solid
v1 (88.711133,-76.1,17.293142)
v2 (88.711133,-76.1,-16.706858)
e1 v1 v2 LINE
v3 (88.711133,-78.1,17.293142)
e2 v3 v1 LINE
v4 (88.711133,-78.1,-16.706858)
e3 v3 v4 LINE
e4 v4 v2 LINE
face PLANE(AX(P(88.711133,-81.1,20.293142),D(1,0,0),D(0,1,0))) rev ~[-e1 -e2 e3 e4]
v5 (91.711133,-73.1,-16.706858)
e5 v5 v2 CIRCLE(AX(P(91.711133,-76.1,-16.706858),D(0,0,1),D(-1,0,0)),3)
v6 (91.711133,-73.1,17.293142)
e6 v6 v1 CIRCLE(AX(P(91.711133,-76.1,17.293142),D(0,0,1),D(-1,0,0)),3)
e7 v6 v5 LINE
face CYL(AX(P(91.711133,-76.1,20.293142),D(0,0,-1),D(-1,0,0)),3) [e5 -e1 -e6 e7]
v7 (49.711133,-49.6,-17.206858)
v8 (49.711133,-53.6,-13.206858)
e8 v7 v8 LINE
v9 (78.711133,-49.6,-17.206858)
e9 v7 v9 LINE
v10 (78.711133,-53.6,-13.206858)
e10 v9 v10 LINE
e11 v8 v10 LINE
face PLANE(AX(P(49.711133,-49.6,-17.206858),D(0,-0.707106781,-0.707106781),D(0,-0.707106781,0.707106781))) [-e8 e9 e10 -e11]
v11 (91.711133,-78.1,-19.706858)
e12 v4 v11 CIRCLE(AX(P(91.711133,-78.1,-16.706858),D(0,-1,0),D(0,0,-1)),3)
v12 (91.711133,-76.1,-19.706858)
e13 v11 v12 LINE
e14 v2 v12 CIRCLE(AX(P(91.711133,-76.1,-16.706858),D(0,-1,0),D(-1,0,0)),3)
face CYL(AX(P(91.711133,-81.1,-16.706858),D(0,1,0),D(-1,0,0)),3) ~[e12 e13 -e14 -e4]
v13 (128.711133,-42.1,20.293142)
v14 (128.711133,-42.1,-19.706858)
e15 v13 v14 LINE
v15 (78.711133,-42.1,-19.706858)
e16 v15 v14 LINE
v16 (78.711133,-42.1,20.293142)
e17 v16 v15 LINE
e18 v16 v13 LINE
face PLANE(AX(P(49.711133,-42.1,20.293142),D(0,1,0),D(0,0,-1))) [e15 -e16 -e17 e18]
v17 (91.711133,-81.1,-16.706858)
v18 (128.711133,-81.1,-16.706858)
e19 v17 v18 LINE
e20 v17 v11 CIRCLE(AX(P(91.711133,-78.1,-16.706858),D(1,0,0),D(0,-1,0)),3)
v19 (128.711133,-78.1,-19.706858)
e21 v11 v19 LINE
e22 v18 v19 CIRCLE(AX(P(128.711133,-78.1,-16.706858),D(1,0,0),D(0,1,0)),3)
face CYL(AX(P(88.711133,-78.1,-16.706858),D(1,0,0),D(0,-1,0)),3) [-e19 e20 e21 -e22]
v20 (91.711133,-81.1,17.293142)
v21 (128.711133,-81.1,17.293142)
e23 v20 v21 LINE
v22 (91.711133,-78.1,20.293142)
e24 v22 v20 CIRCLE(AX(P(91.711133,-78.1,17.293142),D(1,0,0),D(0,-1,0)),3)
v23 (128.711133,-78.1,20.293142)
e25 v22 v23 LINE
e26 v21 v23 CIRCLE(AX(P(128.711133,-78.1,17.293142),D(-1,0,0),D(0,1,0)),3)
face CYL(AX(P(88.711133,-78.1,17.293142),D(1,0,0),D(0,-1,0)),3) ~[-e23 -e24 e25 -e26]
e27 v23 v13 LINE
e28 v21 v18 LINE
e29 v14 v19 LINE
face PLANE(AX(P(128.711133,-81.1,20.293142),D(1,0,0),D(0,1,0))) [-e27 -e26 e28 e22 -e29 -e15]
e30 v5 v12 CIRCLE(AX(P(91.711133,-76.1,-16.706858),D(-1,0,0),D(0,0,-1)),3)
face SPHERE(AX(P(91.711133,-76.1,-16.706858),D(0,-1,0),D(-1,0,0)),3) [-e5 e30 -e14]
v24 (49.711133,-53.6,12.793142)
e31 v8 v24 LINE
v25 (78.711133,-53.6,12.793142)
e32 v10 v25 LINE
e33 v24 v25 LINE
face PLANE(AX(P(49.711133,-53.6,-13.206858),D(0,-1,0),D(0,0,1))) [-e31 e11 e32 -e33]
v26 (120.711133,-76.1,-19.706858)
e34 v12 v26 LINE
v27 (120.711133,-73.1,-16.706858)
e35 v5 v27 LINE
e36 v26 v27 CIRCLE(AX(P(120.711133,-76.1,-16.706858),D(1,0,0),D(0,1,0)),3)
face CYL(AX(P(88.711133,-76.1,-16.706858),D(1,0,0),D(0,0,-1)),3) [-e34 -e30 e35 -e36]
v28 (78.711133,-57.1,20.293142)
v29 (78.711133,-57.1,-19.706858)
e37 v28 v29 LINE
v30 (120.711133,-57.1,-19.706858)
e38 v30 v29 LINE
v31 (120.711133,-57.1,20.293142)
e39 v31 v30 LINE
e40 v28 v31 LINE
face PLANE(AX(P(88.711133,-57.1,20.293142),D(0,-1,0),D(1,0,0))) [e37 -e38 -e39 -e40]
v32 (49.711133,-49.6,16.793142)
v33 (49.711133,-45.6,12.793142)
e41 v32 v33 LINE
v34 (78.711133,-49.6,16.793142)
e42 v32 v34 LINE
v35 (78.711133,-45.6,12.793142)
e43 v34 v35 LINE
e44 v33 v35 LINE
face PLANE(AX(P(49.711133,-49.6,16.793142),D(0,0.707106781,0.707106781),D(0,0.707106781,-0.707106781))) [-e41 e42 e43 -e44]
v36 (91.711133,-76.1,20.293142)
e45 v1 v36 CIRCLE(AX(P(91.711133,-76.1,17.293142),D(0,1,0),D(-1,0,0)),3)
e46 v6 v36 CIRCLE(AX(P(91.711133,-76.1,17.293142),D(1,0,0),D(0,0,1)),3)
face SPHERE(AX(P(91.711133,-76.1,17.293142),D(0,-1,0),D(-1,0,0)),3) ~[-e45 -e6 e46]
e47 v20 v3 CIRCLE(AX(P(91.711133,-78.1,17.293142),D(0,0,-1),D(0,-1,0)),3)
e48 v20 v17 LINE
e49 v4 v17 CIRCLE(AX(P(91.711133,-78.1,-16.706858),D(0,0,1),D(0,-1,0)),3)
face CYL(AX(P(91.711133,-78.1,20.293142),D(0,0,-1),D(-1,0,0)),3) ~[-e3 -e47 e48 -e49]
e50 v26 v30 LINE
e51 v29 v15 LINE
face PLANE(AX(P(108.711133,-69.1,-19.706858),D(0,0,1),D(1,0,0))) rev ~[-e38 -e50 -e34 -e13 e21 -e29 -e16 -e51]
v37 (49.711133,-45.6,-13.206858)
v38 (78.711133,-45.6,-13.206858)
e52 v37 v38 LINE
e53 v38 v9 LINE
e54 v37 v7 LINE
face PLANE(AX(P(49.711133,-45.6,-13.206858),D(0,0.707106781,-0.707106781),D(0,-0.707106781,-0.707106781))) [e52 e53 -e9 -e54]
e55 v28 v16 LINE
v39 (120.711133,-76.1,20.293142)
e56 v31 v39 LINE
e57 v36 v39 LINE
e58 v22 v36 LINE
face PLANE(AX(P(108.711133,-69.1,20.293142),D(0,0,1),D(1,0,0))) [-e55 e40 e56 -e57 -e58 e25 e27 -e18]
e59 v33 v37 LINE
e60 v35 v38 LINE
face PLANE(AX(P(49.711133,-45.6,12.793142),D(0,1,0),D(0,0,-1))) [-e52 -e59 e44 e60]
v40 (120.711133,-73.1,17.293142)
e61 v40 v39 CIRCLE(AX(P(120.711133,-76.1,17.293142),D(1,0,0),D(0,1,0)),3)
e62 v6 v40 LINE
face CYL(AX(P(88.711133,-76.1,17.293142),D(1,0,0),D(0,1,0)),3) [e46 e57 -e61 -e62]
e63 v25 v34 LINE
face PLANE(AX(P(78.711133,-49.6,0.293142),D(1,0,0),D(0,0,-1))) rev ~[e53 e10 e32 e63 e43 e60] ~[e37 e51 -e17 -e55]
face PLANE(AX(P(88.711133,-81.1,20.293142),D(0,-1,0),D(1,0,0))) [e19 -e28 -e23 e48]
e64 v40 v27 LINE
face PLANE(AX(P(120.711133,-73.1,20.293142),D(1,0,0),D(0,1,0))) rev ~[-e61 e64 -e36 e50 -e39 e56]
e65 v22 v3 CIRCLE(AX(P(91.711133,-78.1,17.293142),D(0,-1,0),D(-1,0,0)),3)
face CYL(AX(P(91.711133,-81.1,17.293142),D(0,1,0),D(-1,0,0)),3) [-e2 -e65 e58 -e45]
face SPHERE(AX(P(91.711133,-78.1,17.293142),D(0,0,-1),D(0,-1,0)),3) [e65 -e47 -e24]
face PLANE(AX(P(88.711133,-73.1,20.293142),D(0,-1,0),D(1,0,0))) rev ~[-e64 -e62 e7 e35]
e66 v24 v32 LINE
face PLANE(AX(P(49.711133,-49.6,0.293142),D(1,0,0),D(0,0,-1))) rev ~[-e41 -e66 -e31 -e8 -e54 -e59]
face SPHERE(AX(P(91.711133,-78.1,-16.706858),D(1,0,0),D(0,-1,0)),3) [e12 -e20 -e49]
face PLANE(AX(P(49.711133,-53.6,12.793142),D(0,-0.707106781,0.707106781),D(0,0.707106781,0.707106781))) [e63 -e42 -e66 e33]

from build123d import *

# Parameters (mm, degrees)
SKETCH049_W             = 40
SKETCH049_H             = 15
PAD018_DEPTH            = 79
SKETCH050_W             = 40
SKETCH050_H             = 15
POCKET029_DEPTH         = 29
SKETCH051_W             = 40
SKETCH051_H             = 24
PAD019_DEPTH            = 40
SKETCH052_W             = 32
SKETCH052_H             = 16
POCKET030_DEPTH         = 40.001
FILLET008_R             = 3
BODY007_PLACEMENT_ANGLE = 90


with BuildPart() as part:
    # Sketch049 → Pad018 (new body)
    with BuildSketch(Plane.YZ):
        with Locations((20, 7.5)):
            Rectangle(SKETCH049_W, SKETCH049_H)
    extrude(amount=PAD018_DEPTH)

    # Sketch050 → Pocket029 (cut)
    with BuildSketch(Plane.YZ):
        with Locations((20, 7.5)):
            Rectangle(SKETCH050_W, SKETCH050_H)
        Polygon((3.5, 7.5), (7.5, 11.5), (33.5, 11.5), (37.5, 7.5), (33.5, 3.5), (7.5, 3.5), align=None, mode=Mode.SUBTRACT)
    extrude(amount=POCKET029_DEPTH, mode=Mode.SUBTRACT)

    # Sketch051 → Pad019 (join)
    with BuildSketch(Plane.XZ):
        with Locations((59, -12)):
            Rectangle(SKETCH051_W, SKETCH051_H)
    extrude(amount=-PAD019_DEPTH)

    # Sketch052 → Pocket030 (cut, through all)
    with BuildSketch(Plane.XZ):
        with Locations((55, -8)):
            Rectangle(SKETCH052_W, SKETCH052_H)
    extrude(amount=-POCKET030_DEPTH, mode=Mode.SUBTRACT)

    # Fillet008
    fillet008_edges = [part.edges().sort_by_distance(p)[0] for p in [
        (59, 40, -24),
        (39, 20, -24),
        (59, 0, -24),
        (39, 0, -20),
        (39, 40, -20),
        (39, 20, -16),
        (55, 0, -16),
        (55, 40, -16),
    ]]
    fillet(fillet008_edges, radius=FILLET008_R)


with BuildPart() as part_1:
    # Body007 placement: moved
    add(part.part.moved(Location((49.711133, -57.1, 20.293142))).rotate(Axis((49.711133, -57.1, 20.293142), (-1, 0, 0)), BODY007_PLACEMENT_ANGLE))


solid = part_1.part
